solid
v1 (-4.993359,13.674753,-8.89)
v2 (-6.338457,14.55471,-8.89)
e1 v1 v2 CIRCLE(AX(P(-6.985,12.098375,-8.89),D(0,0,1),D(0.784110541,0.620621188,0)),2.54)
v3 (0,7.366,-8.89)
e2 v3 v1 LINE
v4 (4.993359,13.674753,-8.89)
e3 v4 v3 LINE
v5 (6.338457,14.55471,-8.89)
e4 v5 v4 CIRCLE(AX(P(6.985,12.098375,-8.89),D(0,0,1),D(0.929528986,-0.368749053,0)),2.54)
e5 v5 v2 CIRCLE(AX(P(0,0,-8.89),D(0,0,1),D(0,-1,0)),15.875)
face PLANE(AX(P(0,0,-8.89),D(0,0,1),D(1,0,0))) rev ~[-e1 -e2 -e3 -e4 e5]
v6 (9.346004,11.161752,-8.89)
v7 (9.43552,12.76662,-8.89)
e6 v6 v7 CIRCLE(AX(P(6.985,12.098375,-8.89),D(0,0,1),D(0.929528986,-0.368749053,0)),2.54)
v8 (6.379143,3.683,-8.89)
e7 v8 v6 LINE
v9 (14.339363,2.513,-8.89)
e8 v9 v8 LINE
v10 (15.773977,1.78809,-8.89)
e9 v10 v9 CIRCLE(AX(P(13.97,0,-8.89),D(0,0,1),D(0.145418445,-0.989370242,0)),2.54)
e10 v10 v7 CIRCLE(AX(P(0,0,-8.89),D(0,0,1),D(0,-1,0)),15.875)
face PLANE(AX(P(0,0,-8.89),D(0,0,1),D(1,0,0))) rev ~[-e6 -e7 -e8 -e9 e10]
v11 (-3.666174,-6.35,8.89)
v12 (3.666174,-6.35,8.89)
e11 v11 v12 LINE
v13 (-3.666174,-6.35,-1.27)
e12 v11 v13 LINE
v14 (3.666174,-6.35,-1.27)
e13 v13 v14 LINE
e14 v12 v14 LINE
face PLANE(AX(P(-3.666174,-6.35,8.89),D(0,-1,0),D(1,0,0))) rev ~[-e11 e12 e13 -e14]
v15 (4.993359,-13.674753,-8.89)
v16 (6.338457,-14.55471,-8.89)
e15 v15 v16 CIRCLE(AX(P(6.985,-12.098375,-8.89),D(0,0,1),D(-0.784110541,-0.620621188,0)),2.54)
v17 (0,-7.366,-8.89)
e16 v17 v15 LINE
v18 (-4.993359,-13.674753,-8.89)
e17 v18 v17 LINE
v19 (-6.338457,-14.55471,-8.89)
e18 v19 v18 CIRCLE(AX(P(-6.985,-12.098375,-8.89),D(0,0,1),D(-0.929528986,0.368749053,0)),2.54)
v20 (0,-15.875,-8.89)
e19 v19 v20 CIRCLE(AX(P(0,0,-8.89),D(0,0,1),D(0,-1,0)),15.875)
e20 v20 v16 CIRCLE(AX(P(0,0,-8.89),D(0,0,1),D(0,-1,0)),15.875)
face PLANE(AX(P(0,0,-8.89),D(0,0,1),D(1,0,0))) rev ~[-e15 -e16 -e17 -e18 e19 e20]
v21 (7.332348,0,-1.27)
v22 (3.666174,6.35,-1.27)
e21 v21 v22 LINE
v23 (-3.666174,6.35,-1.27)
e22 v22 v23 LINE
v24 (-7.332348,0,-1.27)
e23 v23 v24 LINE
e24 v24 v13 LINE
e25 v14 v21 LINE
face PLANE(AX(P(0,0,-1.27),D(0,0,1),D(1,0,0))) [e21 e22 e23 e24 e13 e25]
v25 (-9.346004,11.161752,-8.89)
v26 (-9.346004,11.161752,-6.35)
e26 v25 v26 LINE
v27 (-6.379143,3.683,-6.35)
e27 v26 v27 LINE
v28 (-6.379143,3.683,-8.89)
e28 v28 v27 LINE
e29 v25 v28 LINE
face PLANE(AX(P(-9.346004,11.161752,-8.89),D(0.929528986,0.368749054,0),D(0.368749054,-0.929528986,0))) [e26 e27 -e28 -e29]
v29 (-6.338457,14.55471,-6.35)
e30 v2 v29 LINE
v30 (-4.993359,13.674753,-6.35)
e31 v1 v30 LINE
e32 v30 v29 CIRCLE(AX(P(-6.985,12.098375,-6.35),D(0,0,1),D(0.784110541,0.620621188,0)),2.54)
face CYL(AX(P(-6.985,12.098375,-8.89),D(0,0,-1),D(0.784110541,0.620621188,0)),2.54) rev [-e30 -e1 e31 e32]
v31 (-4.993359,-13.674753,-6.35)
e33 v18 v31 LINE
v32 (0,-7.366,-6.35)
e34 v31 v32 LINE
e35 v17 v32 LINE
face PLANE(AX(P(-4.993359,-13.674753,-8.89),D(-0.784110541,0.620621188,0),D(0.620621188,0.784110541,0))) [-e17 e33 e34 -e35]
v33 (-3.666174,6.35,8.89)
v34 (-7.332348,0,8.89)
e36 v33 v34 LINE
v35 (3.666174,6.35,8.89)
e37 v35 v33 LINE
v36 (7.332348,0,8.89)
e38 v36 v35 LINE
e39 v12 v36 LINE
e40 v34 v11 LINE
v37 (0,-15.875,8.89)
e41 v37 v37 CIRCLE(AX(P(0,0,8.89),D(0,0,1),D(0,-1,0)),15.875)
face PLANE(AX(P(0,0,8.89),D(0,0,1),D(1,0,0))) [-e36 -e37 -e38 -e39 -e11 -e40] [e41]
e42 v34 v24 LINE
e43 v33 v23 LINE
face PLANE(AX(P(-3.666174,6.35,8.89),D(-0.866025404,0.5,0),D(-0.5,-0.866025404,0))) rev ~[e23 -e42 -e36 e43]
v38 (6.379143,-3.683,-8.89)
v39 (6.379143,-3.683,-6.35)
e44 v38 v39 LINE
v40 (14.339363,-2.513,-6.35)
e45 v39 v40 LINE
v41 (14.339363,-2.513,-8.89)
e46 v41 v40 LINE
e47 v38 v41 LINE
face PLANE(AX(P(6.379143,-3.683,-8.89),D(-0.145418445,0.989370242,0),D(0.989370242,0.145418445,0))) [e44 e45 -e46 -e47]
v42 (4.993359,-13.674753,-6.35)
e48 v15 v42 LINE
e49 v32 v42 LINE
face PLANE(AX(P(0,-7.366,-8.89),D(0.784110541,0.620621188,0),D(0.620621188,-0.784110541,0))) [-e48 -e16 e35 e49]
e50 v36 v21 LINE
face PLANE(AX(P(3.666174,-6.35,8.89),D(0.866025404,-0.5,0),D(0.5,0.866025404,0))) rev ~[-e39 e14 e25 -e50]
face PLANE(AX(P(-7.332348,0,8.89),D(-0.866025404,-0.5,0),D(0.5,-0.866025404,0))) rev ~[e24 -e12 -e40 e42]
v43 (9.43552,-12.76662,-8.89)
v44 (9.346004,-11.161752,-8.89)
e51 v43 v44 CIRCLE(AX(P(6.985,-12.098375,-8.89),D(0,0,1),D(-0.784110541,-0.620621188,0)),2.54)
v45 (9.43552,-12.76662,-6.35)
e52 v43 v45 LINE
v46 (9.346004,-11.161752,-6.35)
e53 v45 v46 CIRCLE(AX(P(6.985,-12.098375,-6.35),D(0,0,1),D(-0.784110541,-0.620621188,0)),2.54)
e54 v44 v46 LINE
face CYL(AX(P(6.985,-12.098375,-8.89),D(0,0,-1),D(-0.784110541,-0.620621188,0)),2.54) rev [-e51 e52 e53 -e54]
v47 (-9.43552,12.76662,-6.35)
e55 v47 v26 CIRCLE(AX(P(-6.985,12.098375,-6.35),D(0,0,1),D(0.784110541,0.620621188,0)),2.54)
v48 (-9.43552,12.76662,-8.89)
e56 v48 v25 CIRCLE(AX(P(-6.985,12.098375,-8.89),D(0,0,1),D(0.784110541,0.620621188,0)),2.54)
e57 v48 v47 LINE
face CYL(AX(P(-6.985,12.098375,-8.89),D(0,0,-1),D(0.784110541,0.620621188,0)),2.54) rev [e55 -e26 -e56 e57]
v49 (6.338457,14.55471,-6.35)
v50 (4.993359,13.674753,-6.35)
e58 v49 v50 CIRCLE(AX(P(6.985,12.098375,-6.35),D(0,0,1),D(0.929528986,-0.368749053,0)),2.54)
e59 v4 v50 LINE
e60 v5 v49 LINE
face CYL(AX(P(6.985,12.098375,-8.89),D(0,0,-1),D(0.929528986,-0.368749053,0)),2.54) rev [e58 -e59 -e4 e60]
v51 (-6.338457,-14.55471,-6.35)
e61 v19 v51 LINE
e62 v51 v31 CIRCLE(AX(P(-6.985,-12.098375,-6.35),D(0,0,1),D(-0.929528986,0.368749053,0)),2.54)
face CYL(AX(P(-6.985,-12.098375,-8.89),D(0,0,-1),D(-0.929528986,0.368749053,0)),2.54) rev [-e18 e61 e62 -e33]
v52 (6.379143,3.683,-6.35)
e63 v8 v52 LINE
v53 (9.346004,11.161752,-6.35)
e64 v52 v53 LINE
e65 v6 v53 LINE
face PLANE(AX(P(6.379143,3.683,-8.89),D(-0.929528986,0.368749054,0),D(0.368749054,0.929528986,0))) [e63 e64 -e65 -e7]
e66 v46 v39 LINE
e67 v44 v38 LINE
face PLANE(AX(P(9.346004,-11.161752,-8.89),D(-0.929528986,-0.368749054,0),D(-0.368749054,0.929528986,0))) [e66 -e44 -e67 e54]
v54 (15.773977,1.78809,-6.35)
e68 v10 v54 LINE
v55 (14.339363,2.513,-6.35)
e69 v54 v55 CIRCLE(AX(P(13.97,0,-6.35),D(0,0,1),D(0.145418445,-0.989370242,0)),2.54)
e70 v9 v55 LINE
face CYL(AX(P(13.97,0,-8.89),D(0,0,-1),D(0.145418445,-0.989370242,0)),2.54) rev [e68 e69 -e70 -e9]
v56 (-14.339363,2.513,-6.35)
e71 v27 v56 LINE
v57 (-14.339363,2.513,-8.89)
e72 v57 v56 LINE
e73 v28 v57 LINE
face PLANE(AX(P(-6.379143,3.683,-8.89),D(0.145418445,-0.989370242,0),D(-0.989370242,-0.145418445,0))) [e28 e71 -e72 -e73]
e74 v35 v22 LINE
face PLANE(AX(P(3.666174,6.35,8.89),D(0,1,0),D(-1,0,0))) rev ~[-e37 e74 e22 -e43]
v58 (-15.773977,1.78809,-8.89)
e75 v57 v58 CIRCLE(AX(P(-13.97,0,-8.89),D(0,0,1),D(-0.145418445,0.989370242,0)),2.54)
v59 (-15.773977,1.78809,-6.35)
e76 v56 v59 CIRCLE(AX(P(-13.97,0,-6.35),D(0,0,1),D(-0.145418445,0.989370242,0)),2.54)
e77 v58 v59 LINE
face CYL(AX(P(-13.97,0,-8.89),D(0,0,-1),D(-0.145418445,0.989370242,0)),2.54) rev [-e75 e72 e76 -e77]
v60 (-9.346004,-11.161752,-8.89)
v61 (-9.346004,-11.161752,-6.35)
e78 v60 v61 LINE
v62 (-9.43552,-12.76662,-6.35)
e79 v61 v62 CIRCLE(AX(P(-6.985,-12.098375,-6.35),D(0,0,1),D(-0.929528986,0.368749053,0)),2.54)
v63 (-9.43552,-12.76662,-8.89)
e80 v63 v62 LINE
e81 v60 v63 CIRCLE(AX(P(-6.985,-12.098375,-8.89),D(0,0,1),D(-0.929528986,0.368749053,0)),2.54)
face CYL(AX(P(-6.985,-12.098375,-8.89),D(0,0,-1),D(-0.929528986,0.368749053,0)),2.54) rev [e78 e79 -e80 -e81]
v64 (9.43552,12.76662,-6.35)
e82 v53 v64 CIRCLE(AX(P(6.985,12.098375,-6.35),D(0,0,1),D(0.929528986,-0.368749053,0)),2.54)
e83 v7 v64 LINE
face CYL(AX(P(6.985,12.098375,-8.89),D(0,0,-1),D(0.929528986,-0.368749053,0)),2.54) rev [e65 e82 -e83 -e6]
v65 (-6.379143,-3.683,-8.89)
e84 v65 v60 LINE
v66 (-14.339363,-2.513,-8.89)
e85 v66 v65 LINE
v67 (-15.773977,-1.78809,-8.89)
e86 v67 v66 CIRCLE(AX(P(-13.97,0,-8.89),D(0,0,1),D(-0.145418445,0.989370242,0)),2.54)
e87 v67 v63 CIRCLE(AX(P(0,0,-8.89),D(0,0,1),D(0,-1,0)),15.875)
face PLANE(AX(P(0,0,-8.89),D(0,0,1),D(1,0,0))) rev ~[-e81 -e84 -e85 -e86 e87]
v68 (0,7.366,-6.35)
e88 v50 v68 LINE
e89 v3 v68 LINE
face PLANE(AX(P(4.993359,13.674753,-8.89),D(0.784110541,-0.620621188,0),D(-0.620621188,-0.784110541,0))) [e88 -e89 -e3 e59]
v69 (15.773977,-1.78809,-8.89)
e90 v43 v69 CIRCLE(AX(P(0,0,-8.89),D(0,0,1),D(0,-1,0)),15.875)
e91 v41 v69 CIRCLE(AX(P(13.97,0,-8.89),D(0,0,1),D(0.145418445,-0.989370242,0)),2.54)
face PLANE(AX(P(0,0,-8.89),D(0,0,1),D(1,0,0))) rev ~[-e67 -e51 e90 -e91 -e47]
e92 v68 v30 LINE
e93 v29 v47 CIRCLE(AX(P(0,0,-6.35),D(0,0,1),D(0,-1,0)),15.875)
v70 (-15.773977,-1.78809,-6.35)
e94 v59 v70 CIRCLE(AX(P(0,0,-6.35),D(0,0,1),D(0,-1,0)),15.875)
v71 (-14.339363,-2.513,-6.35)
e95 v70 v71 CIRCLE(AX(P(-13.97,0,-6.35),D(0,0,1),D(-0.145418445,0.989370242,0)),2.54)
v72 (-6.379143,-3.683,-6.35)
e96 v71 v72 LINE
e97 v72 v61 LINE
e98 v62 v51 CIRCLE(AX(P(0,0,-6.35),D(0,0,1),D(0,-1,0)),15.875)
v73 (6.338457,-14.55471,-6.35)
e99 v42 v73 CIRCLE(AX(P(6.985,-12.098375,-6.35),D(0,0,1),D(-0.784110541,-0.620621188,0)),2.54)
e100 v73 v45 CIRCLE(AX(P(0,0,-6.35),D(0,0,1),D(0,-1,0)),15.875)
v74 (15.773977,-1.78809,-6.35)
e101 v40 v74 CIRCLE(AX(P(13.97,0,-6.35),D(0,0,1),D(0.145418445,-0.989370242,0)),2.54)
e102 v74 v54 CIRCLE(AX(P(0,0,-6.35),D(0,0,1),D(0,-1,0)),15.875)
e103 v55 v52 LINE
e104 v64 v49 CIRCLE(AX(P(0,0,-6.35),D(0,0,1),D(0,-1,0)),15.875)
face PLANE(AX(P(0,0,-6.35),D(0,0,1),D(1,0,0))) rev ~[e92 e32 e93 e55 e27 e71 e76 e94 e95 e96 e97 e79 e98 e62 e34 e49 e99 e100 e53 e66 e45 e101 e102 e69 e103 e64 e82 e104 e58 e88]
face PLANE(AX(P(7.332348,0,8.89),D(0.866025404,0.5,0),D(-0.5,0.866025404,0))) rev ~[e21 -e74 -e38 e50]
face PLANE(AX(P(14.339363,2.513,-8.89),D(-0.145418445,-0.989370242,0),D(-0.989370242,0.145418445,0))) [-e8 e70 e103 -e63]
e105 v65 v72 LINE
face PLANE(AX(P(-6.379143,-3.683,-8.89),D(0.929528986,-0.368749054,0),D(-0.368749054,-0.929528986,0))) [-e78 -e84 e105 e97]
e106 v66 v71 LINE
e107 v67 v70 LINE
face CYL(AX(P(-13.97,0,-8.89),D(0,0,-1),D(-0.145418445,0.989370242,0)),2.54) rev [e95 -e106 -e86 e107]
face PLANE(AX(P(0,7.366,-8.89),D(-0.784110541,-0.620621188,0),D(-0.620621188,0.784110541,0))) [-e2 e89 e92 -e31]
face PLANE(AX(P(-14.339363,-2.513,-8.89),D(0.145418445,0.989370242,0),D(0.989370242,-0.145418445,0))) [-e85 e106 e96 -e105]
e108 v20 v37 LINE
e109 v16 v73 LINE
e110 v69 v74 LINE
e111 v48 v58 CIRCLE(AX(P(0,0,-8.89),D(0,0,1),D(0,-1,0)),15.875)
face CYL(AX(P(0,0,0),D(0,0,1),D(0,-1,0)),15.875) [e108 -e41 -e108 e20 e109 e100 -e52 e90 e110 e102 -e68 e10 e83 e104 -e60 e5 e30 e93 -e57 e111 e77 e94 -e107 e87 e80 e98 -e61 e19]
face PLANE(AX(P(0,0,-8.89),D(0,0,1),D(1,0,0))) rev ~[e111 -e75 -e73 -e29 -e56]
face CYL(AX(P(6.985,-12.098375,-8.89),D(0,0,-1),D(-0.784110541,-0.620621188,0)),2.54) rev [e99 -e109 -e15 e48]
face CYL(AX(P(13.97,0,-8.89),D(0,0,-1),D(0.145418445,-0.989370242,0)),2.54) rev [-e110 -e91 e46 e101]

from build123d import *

# Parameters (mm, degrees)
BOSS_EXTRUDE1_DEPTH = 8.89
CUT_EXTRUDE1_DEPTH  = 10.16
CUT_EXTRUDE2_DEPTH  = 2.54


with BuildPart() as part:
    # Sketch1 → Boss-Extrude1 (new, symmetric)
    with BuildSketch(Plane.XY):
        with BuildLine():
            ThreePointArc((0, 15.875), (-15.875, 0), (0, -15.875))
            ThreePointArc((0, -15.875), (15.875, 0), (0, 15.875))
        make_face()
    extrude(amount=BOSS_EXTRUDE1_DEPTH, both=True)

    # Sketch2 → Cut-Extrude1 (cut)
    with BuildSketch(Plane.XY.offset(8.89)):
        Polygon((7.332348419, 0), (3.666174209, 6.35), (-3.666174209, 6.35), (-7.332348419, 0), (-3.666174209, -6.35), (3.666174209, -6.35), align=None)
    extrude(amount=-CUT_EXTRUDE1_DEPTH, mode=Mode.SUBTRACT)

    # Sketch4 → Cut-Extrude2 (cut)
    with BuildSketch(Plane(origin=(0, 0, -8.89), x_dir=(-1, 0, 0), z_dir=(0, 0, -1))):
        with BuildLine():
            Line((-6.379143124, 3.683), (-9.346003624, 11.161752295))
            ThreePointArc((-9.346003624, 11.161752295), (-8.255, 14.298079416), (-4.993359226, 13.674752709))
            Line((-4.993359226, 13.674752709), (0, 7.366))
            Line((0, 7.366), (4.993359226, 13.674752709))
            ThreePointArc((4.993359226, 13.674752709), (8.255, 14.298079416), (9.346003624, 11.161752295))
            Line((9.346003624, 11.161752295), (6.379143124, 3.683))
            Line((6.379143124, 3.683), (14.33936285, 2.513000415))
            ThreePointArc((14.33936285, 2.513000415), (16.51, 0), (14.33936285, -2.513000415))
            Line((14.33936285, -2.513000415), (6.379143124, -3.683))
            Line((6.379143124, -3.683), (9.346003624, -11.161752295))
            ThreePointArc((9.346003624, -11.161752295), (8.255, -14.298079416), (4.993359226, -13.674752709))
            Line((4.993359226, -13.674752709), (0, -7.366))
            Line((0, -7.366), (-4.993359226, -13.674752709))
            ThreePointArc((-4.993359226, -13.674752709), (-8.255, -14.298079416), (-9.346003624, -11.161752295))
            Line((-9.346003624, -11.161752295), (-6.379143124, -3.683))
            Line((-6.379143124, -3.683), (-14.33936285, -2.513000415))
            ThreePointArc((-14.33936285, -2.513000415), (-16.51, 0), (-14.33936285, 2.513000415))
            Line((-14.33936285, 2.513000415), (-6.379143124, 3.683))
        make_face()
    extrude(amount=-CUT_EXTRUDE2_DEPTH, mode=Mode.SUBTRACT)


solid = part.part
